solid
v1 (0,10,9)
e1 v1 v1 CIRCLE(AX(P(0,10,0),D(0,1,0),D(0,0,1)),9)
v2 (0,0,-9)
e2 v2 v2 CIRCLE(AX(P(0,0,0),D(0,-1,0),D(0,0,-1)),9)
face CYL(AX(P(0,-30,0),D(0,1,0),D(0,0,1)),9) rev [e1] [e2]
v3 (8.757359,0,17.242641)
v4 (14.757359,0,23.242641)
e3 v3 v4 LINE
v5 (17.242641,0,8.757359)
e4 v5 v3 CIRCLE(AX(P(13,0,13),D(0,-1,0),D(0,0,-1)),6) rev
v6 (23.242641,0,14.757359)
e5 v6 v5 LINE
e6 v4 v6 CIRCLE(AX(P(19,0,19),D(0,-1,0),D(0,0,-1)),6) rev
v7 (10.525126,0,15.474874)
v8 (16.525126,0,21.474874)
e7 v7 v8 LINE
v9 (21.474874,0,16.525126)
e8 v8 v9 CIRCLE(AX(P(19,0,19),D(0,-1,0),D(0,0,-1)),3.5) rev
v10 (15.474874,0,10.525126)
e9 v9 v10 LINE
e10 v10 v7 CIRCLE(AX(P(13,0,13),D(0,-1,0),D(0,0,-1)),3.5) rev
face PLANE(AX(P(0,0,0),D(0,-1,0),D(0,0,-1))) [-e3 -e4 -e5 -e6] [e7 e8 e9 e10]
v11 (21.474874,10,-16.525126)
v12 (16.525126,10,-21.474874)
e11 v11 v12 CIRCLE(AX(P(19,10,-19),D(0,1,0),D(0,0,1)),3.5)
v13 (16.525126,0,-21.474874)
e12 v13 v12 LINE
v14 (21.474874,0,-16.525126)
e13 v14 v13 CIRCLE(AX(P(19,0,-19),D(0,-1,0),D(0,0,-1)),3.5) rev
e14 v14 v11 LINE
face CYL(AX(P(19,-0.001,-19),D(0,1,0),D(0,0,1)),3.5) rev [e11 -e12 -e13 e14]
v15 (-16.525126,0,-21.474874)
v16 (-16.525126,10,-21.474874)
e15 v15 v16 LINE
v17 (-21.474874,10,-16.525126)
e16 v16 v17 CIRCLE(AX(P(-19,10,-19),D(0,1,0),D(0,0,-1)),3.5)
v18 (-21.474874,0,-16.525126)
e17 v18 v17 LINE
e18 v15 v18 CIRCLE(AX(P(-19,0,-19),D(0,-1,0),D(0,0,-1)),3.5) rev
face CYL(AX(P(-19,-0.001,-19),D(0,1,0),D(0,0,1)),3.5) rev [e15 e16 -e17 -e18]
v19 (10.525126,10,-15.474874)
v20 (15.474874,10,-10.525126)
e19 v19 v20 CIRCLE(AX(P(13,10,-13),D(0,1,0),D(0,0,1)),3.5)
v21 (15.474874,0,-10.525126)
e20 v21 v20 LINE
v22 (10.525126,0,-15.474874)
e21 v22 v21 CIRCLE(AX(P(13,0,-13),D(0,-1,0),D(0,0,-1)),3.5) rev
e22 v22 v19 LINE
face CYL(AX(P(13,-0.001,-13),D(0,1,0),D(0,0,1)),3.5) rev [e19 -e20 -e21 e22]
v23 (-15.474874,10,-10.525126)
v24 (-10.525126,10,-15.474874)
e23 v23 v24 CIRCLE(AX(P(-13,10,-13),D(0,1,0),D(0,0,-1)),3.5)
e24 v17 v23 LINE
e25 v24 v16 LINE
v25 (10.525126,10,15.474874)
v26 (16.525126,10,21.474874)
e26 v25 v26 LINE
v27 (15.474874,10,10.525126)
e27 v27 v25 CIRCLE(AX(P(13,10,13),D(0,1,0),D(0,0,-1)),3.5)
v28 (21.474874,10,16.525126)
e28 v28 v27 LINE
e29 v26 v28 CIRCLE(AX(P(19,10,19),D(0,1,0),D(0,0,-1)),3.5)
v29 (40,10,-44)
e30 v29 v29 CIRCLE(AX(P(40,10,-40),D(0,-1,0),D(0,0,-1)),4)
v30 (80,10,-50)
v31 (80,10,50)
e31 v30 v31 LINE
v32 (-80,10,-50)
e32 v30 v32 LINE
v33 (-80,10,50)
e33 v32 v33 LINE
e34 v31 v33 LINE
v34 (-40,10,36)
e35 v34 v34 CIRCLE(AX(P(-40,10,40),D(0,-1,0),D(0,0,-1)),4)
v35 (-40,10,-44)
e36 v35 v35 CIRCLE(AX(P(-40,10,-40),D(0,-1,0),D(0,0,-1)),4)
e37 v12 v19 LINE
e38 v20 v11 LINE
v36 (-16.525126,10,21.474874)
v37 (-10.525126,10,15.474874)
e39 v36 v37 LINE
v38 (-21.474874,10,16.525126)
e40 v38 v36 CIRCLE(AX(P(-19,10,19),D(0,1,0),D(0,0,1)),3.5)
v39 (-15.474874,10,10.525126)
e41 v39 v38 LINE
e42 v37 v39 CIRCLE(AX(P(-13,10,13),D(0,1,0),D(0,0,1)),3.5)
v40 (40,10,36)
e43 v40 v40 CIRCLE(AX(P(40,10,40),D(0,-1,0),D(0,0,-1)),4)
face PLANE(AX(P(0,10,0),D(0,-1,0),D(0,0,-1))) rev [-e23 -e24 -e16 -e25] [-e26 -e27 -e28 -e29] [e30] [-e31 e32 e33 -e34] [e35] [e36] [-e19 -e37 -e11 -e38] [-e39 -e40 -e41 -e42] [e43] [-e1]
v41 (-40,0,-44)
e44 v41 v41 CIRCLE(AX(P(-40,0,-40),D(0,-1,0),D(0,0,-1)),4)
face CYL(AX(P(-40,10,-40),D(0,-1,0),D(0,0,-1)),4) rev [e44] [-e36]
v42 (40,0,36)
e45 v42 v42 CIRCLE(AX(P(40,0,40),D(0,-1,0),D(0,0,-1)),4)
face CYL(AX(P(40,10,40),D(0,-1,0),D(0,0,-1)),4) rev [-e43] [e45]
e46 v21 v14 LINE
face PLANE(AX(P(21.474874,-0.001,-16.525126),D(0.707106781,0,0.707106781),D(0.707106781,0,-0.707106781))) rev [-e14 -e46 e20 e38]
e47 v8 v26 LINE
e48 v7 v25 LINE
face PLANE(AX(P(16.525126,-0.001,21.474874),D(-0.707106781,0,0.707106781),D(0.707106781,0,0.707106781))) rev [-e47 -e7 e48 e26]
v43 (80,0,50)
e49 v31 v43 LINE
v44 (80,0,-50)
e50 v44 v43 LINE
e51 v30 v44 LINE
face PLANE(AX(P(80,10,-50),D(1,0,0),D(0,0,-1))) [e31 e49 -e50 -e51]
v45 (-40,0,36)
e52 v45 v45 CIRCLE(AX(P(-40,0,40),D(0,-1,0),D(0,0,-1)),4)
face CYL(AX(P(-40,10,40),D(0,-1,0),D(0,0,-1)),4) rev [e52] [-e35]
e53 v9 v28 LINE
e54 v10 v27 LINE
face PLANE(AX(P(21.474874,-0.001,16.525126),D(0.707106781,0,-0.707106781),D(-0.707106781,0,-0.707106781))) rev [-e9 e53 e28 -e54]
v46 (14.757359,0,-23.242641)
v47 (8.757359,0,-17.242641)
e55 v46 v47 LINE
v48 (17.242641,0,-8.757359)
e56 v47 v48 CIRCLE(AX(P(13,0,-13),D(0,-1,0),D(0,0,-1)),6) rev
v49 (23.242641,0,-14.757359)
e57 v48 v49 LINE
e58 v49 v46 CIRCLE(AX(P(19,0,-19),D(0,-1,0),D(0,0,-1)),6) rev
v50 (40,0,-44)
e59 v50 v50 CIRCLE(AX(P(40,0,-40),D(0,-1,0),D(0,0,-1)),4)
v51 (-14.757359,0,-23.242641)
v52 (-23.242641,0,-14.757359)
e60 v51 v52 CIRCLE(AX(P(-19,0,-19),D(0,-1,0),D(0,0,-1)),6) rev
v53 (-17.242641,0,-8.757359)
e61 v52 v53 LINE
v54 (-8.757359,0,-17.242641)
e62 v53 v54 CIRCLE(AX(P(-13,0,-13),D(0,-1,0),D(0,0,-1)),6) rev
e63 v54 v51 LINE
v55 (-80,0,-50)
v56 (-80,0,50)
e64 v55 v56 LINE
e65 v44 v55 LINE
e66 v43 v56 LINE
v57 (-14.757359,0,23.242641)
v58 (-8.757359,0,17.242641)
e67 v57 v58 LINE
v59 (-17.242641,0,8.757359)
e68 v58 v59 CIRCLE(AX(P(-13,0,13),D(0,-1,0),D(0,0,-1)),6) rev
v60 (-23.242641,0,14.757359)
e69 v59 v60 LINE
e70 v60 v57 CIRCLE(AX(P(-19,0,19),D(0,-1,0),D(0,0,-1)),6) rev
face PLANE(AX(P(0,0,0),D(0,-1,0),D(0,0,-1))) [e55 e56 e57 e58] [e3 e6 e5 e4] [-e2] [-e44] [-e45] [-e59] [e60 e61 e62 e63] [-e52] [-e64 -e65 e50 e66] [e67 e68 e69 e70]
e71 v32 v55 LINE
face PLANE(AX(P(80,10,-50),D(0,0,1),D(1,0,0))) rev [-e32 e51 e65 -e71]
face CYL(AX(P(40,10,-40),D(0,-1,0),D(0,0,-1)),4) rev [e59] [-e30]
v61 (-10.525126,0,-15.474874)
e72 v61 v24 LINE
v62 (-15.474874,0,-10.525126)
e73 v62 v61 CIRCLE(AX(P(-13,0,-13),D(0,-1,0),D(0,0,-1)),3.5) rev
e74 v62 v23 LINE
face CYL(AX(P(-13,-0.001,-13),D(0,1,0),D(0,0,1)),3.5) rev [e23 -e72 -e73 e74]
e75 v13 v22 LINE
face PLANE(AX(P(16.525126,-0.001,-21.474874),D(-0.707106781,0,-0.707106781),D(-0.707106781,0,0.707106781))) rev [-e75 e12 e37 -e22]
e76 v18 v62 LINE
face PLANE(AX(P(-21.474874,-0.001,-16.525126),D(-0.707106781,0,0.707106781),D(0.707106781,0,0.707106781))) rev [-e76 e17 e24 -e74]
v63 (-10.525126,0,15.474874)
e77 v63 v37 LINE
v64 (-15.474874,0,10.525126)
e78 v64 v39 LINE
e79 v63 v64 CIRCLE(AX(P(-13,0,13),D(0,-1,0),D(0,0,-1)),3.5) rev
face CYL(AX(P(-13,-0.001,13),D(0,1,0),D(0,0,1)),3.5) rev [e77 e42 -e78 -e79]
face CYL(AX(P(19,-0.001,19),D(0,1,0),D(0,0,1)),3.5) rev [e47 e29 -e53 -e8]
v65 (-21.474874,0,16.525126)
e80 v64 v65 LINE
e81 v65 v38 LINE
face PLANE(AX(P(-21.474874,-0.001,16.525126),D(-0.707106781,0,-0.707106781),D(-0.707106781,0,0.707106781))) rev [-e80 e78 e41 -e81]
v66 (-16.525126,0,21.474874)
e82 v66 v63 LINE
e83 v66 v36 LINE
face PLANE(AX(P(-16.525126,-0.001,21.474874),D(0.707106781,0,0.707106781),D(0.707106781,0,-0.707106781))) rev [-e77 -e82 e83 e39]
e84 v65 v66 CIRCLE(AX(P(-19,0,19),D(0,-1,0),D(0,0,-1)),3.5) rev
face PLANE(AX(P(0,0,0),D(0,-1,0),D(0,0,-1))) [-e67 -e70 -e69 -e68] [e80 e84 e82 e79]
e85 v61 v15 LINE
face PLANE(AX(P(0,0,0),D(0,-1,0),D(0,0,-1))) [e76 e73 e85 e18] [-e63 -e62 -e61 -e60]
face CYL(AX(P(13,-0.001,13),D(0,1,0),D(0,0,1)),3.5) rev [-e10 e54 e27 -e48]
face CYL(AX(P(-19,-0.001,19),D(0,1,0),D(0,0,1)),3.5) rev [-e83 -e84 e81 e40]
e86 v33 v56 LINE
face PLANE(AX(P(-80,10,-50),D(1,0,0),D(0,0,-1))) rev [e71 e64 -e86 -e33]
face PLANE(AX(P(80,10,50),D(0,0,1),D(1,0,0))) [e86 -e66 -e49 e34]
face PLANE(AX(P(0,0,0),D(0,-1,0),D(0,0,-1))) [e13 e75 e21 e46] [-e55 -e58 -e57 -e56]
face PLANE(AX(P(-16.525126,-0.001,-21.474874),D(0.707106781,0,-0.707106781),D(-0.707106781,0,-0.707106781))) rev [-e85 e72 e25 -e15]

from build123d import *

# Parameters (mm, degrees)
SKETCH1_W          = 160
SKETCH1_H          = 100
BASE_DEPTH         = 10
SKETCH2_R          = 9
ACTUATOR_CUT_DEPTH = 40
CUT_EXTRUDE1_REACH = 12
CUT_EXTRUDE2_REACH = 12
SKETCH5_R          = 3
SKETCH6_R          = 4
CUT_EXTRUDE3_DEPTH = 11


with BuildPart() as part:
    # Sketch1 → base (new body)
    with BuildSketch(Plane(origin=(0, 0, 0), x_dir=(1, 0, 0), z_dir=(0, 1, 0))):
        Rectangle(SKETCH1_W, SKETCH1_H)
    extrude(amount=BASE_DEPTH)

    # Sketch2 → actuator cut (cut)
    with BuildSketch(Plane(origin=(0, 10, 0), x_dir=(1, 0, 0), z_dir=(0, 1, 0))):
        Circle(SKETCH2_R)
    extrude(amount=-ACTUATOR_CUT_DEPTH, mode=Mode.SUBTRACT)

    # Sketch3 → Cut-Extrude1 (cut, up to next)
    with BuildSketch(Plane(origin=(0, 10, 0), x_dir=(1, 0, 0), z_dir=(0, 1, 0)), mode=Mode.PRIVATE) as cut_extrude1_sk1:
        with BuildLine():
            Line((-21.474873734, -16.525126266), (-15.474873734, -10.525126266))
            ThreePointArc((-15.474873734, -10.525126266), (-10.525126266, -10.525126266), (-10.525126266, -15.474873734))
            Line((-10.525126266, -15.474873734), (-16.525126266, -21.474873734))
            ThreePointArc((-16.525126266, -21.474873734), (-21.474873734, -21.474873734), (-21.474873734, -16.525126266))
        make_face()
    cut_extrude1_tool1 = extrude(cut_extrude1_sk1.sketch, amount=-CUT_EXTRUDE1_REACH, mode=Mode.PRIVATE) & part.part
    add(cut_extrude1_tool1.solids().sort_by_distance((-16, 10, 16))[0], mode=Mode.SUBTRACT)
    # Sketch3 → Cut-Extrude1 (cut, up to next)
    with BuildSketch(Plane(origin=(0, 10, 0), x_dir=(1, 0, 0), z_dir=(0, 1, 0)), mode=Mode.PRIVATE) as cut_extrude1_sk2:
        with BuildLine():
            Line((21.474873734, -16.525126266), (15.474873734, -10.525126266))
            ThreePointArc((15.474873734, -10.525126266), (10.525126266, -10.525126266), (10.525126266, -15.474873734))
            Line((10.525126266, -15.474873734), (16.525126266, -21.474873734))
            ThreePointArc((16.525126266, -21.474873734), (21.474873734, -21.474873734), (21.474873734, -16.525126266))
        make_face()
    cut_extrude1_tool2 = extrude(cut_extrude1_sk2.sketch, amount=-CUT_EXTRUDE1_REACH, mode=Mode.PRIVATE) & part.part
    add(cut_extrude1_tool2.solids().sort_by_distance((16, 10, 16))[0], mode=Mode.SUBTRACT)
    # Sketch3 → Cut-Extrude1 (cut, up to next)
    with BuildSketch(Plane(origin=(0, 10, 0), x_dir=(1, 0, 0), z_dir=(0, 1, 0)), mode=Mode.PRIVATE) as cut_extrude1_sk3:
        with BuildLine():
            Line((21.474873734, 16.525126266), (15.474873734, 10.525126266))
            ThreePointArc((15.474873734, 10.525126266), (10.525126266, 10.525126266), (10.525126266, 15.474873734))
            Line((10.525126266, 15.474873734), (16.525126266, 21.474873734))
            ThreePointArc((16.525126266, 21.474873734), (21.474873734, 21.474873734), (21.474873734, 16.525126266))
        make_face()
    cut_extrude1_tool3 = extrude(cut_extrude1_sk3.sketch, amount=-CUT_EXTRUDE1_REACH, mode=Mode.PRIVATE) & part.part
    add(cut_extrude1_tool3.solids().sort_by_distance((16, 10, -16))[0], mode=Mode.SUBTRACT)
    # Sketch3 → Cut-Extrude1 (cut, up to next)
    with BuildSketch(Plane(origin=(0, 10, 0), x_dir=(1, 0, 0), z_dir=(0, 1, 0)), mode=Mode.PRIVATE) as cut_extrude1_sk4:
        with BuildLine():
            Line((-21.474873734, 16.525126266), (-15.474873734, 10.525126266))
            ThreePointArc((-15.474873734, 10.525126266), (-10.525126266, 10.525126266), (-10.525126266, 15.474873734))
            Line((-10.525126266, 15.474873734), (-16.525126266, 21.474873734))
            ThreePointArc((-16.525126266, 21.474873734), (-21.474873734, 21.474873734), (-21.474873734, 16.525126266))
        make_face()
    cut_extrude1_tool4 = extrude(cut_extrude1_sk4.sketch, amount=-CUT_EXTRUDE1_REACH, mode=Mode.PRIVATE) & part.part
    add(cut_extrude1_tool4.solids().sort_by_distance((-16, 10, -16))[0], mode=Mode.SUBTRACT)

    # Sketch5 → Cut-Extrude2 (cut, up to next)
    with BuildSketch(Plane(origin=(0, 10, 0), x_dir=(1, 0, 0), z_dir=(0, 1, 0)), mode=Mode.PRIVATE) as cut_extrude2_sk1:
        with Locations((-40, -40)):
            Circle(SKETCH5_R)
    cut_extrude2_tool1 = extrude(cut_extrude2_sk1.sketch, amount=-CUT_EXTRUDE2_REACH, mode=Mode.PRIVATE) & part.part
    add(cut_extrude2_tool1.solids().sort_by_distance((-40, 10, 40))[0], mode=Mode.SUBTRACT)
    # Sketch5 → Cut-Extrude2 (cut, up to next)
    with BuildSketch(Plane(origin=(0, 10, 0), x_dir=(1, 0, 0), z_dir=(0, 1, 0)), mode=Mode.PRIVATE) as cut_extrude2_sk2:
        with Locations((-40, 40)):
            Circle(SKETCH5_R)
    cut_extrude2_tool2 = extrude(cut_extrude2_sk2.sketch, amount=-CUT_EXTRUDE2_REACH, mode=Mode.PRIVATE) & part.part
    add(cut_extrude2_tool2.solids().sort_by_distance((-40, 10, -40))[0], mode=Mode.SUBTRACT)
    # Sketch5 → Cut-Extrude2 (cut, up to next)
    with BuildSketch(Plane(origin=(0, 10, 0), x_dir=(1, 0, 0), z_dir=(0, 1, 0)), mode=Mode.PRIVATE) as cut_extrude2_sk3:
        with Locations((40, -40)):
            Circle(SKETCH5_R)
    cut_extrude2_tool3 = extrude(cut_extrude2_sk3.sketch, amount=-CUT_EXTRUDE2_REACH, mode=Mode.PRIVATE) & part.part
    add(cut_extrude2_tool3.solids().sort_by_distance((40, 10, 40))[0], mode=Mode.SUBTRACT)
    # Sketch5 → Cut-Extrude2 (cut, up to next)
    with BuildSketch(Plane(origin=(0, 10, 0), x_dir=(1, 0, 0), z_dir=(0, 1, 0)), mode=Mode.PRIVATE) as cut_extrude2_sk4:
        with Locations((40, 40)):
            Circle(SKETCH5_R)
    cut_extrude2_tool4 = extrude(cut_extrude2_sk4.sketch, amount=-CUT_EXTRUDE2_REACH, mode=Mode.PRIVATE) & part.part
    add(cut_extrude2_tool4.solids().sort_by_distance((40, 10, -40))[0], mode=Mode.SUBTRACT)

    # Sketch6 → Cut-Extrude3 (cut, through all)
    with BuildSketch(Plane.XZ):
        with Locations((-40, 40)):
            Circle(SKETCH6_R)
        with Locations((40, 40)):
            Circle(SKETCH6_R)
        with Locations((40, -40)):
            Circle(SKETCH6_R)
        with Locations((-40, -40)):
            Circle(SKETCH6_R)
    extrude(amount=-CUT_EXTRUDE3_DEPTH, mode=Mode.SUBTRACT)


solid = part.part
